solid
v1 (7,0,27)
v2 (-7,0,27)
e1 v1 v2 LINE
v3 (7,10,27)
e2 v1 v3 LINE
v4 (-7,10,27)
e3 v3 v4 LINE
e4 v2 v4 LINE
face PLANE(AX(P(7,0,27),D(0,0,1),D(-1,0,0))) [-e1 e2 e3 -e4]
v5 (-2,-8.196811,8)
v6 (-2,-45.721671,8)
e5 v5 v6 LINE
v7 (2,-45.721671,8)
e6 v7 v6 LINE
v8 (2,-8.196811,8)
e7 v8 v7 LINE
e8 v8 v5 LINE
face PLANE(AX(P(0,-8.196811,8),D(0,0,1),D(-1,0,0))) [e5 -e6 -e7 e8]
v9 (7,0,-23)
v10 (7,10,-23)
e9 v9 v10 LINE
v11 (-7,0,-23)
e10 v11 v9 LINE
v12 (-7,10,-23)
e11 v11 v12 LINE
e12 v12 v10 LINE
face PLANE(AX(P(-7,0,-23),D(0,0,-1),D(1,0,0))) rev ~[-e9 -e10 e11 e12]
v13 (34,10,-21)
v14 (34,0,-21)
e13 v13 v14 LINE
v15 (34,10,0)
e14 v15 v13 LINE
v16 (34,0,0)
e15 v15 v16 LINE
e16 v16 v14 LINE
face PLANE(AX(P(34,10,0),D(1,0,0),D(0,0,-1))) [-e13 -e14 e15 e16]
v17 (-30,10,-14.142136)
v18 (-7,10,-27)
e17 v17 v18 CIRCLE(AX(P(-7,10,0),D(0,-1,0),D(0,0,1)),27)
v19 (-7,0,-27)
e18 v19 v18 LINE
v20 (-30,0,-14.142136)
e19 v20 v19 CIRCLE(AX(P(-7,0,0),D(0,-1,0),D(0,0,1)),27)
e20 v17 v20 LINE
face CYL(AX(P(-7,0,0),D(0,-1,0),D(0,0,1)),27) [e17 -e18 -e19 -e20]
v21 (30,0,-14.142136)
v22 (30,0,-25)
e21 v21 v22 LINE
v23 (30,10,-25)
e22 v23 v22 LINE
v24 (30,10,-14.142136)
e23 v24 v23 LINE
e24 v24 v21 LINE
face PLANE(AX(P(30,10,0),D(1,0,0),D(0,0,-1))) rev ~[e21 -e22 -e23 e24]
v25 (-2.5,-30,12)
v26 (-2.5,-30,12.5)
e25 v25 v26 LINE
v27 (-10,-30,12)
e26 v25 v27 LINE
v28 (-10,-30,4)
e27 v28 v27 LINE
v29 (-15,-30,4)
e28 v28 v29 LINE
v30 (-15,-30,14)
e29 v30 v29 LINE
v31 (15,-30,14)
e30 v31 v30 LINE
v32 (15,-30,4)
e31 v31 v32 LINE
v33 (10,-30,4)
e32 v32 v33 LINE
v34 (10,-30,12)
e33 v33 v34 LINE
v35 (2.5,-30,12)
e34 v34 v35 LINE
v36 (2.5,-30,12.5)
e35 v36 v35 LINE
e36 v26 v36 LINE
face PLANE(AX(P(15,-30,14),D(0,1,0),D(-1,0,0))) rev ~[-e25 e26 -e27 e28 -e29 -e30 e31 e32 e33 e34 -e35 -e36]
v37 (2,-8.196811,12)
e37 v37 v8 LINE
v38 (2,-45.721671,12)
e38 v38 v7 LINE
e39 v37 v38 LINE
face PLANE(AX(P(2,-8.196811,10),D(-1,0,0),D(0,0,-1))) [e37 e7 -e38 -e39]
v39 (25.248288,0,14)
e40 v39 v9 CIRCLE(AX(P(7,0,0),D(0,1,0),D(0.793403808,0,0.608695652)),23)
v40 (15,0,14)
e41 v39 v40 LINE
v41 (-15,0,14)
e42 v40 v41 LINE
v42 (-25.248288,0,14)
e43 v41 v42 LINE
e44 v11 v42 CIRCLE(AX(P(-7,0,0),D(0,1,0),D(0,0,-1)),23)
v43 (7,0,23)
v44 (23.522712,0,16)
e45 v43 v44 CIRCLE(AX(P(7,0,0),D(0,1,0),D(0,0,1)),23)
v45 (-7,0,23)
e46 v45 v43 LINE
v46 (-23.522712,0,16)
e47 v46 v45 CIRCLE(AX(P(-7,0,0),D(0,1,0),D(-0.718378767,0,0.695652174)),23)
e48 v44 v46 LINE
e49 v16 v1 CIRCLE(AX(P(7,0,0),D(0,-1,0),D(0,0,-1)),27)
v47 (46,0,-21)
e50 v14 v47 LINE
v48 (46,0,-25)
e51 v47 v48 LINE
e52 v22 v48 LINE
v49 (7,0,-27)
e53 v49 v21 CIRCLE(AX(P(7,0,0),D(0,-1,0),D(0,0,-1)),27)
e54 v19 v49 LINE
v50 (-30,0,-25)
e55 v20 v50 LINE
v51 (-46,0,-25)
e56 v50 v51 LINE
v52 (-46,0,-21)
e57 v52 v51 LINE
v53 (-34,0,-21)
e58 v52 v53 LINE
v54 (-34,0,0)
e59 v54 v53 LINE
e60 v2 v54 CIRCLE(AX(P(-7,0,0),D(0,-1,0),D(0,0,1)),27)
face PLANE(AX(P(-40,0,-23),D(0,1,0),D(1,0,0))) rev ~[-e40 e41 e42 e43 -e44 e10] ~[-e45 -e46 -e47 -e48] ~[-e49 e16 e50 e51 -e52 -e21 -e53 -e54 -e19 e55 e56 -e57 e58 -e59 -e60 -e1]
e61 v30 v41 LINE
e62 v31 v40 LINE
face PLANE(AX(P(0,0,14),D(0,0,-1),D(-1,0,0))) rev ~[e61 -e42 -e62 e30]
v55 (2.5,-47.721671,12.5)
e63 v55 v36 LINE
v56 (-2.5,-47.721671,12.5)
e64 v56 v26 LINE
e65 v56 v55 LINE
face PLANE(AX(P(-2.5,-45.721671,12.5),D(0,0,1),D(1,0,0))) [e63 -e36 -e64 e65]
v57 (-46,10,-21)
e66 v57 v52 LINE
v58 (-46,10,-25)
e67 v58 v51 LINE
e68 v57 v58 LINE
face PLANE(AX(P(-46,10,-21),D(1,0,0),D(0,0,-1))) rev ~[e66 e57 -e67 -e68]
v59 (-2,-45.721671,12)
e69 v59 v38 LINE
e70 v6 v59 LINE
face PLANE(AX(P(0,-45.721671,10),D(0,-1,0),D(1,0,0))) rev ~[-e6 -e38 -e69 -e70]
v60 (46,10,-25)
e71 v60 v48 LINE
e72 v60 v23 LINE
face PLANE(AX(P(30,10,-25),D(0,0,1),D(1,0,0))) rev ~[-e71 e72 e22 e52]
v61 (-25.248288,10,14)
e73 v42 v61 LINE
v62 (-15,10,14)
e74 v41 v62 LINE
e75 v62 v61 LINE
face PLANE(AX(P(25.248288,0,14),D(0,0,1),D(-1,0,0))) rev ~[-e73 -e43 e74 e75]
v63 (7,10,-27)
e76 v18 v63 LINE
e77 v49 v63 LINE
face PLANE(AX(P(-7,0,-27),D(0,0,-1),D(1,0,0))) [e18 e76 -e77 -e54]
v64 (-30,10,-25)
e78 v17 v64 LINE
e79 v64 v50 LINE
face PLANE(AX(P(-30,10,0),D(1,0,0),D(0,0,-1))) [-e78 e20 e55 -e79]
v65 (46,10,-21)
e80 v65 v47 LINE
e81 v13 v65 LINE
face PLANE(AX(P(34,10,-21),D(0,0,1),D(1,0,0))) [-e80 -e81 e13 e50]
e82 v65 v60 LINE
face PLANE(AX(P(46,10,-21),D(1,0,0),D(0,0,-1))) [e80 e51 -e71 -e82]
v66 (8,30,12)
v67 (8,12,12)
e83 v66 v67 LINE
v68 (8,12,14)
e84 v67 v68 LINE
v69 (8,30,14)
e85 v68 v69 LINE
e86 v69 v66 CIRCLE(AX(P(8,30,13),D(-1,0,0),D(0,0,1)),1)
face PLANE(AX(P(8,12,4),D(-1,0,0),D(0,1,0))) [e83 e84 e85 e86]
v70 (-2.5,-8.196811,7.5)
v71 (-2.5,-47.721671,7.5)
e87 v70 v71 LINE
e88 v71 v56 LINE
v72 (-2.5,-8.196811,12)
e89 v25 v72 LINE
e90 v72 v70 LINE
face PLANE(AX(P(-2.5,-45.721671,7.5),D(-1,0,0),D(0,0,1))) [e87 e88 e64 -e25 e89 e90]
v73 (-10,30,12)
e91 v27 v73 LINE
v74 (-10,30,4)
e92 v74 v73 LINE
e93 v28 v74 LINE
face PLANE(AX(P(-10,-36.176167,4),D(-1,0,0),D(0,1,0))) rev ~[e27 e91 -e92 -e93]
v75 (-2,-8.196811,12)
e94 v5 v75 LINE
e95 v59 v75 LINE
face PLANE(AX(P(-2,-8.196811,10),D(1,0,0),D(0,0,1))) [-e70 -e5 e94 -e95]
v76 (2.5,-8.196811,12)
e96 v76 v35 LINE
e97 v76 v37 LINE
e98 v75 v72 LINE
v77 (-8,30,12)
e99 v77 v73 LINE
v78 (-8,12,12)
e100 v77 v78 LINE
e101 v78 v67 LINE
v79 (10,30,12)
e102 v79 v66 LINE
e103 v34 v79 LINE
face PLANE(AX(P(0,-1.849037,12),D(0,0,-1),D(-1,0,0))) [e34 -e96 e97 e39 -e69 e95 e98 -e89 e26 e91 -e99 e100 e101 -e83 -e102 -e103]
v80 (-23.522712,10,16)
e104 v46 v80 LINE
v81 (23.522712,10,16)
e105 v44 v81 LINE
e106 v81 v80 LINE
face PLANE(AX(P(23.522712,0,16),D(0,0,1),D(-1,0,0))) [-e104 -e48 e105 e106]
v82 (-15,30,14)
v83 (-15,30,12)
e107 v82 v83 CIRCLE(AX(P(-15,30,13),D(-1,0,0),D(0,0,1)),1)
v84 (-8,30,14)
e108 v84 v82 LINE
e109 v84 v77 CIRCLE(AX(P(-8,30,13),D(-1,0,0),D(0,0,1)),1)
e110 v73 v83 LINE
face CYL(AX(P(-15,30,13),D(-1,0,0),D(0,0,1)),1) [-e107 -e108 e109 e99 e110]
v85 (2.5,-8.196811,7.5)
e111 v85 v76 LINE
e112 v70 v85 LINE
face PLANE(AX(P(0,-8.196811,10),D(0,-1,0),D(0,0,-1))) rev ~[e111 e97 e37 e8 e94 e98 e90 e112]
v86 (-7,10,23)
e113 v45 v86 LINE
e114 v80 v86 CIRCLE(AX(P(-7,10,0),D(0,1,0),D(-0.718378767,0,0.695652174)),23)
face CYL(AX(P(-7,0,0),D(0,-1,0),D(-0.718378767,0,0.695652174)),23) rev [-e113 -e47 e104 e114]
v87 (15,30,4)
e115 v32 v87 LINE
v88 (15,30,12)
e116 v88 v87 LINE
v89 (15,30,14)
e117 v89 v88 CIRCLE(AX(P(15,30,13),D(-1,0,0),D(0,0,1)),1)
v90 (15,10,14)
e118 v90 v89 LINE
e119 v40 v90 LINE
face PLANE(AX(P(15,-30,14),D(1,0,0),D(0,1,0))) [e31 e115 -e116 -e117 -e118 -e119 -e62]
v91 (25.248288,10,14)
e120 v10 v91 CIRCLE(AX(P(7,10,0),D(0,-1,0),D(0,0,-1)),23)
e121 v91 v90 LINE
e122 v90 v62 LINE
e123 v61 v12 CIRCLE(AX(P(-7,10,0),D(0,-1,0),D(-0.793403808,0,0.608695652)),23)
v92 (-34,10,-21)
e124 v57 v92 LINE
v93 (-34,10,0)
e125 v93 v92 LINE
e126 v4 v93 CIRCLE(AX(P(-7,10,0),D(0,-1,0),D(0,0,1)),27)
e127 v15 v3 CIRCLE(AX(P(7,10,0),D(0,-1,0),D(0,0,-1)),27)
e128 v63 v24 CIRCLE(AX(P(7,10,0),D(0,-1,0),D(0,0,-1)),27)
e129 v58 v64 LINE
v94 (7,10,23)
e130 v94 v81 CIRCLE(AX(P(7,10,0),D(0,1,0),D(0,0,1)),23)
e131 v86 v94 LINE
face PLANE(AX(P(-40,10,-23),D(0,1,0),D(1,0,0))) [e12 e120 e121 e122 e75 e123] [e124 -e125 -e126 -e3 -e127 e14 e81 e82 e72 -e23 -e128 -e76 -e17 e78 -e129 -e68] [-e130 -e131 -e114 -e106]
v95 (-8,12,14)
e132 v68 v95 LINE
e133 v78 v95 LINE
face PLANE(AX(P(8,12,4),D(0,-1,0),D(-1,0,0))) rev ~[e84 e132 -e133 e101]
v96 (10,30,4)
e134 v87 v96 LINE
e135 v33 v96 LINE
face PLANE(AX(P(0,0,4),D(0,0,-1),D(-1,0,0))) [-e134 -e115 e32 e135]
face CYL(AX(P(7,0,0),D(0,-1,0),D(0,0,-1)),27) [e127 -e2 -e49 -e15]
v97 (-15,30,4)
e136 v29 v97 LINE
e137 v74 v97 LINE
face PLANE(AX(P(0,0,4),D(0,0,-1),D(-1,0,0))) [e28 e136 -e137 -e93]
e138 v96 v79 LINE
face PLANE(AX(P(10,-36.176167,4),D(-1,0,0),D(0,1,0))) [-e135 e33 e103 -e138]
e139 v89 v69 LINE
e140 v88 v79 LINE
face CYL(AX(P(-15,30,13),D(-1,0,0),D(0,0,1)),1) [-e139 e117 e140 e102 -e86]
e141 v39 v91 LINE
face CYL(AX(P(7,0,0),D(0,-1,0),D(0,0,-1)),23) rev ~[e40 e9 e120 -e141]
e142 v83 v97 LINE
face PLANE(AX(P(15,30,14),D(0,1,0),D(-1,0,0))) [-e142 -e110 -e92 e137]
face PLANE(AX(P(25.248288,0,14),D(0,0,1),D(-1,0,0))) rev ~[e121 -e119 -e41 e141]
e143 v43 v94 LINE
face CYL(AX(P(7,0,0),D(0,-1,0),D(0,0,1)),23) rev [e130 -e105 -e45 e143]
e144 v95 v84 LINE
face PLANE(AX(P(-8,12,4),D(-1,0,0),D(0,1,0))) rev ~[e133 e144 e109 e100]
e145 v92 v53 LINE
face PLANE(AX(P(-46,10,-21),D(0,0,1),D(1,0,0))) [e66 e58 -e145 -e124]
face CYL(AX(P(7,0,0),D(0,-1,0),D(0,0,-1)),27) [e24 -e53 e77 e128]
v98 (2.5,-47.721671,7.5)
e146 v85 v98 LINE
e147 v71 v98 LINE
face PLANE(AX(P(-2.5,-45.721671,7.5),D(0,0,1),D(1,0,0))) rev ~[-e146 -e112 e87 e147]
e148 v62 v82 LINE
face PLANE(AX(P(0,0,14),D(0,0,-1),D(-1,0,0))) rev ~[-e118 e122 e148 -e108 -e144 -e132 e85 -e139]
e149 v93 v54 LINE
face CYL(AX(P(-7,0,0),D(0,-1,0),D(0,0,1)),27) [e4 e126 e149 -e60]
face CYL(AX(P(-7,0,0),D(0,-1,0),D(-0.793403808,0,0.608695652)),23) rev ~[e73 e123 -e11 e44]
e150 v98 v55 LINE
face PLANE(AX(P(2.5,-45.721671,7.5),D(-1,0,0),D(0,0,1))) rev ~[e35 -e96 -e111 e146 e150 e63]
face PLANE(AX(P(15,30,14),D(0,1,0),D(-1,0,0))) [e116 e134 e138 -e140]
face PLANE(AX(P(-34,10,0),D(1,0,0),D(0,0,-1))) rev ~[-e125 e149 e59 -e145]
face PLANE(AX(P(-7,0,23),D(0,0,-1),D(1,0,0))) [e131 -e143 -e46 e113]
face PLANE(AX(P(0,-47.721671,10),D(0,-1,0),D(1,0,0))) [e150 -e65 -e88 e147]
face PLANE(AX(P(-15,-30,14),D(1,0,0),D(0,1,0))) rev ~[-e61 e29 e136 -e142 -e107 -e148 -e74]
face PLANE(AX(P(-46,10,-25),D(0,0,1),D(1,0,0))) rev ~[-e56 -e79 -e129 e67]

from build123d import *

# Parameters (mm, degrees)
EXTRUDE_1_DEPTH     = 10
SKETCH_3_W          = 30
SKETCH_3_H          = 60
EXTRUDE_2_DEPTH     = 10
SKETCH_7_R          = 1
EXTRUDE_4_DEPTH     = 30
SKETCH_6_W          = 16
SKETCH_6_H          = 49.282767792
CUT_EXTRUDE_2_DEPTH = 24
SKETCH_8_W          = 20
SKETCH_8_H          = 68.65426033
CUT_EXTRUDE_3_DEPTH = 8
SKETCH_10_W         = 4
SKETCH_10_H         = 4
SKETCH_16_W         = 5
SKETCH_16_H         = 5
EXTRUDE_5_DEPTH     = 2
SKETCH_17_W         = 4
SKETCH_17_H         = 25
EXTRUDE_6_DEPTH     = 10
SKETCH_18_W         = 12
SKETCH_18_H         = 4
EXTRUDE_7_DEPTH     = 10


with BuildPart() as part:
    # 草图2 → 凸台-拉伸1 (new body)
    with BuildSketch(Plane(origin=(0, 0, 0), x_dir=(1, 0, 0), z_dir=(0, 1, 0))):
        with BuildLine():
            Line((-7, 27), (7, 27))
            ThreePointArc((7, 27), (34, 0), (7, -27))
            Line((7, -27), (-7, -27))
            ThreePointArc((-7, -27), (-34, 0), (-7, 27))
        make_face()
        with BuildLine():
            Line((-7, 23), (7, 23))
            ThreePointArc((7, 23), (27.627651345, 10.173494975), (25.248287591, -14))
            Line((25.248287591, -14), (-25.248287591, -14))
            ThreePointArc((-25.248287591, -14), (-27.627651345, 10.173494975), (-7, 23))
        make_face(mode=Mode.SUBTRACT)
        with BuildLine():
            Line((-7, -23), (7, -23))
            ThreePointArc((7, -23), (15.972179222, -21.177818585), (23.522711642, -16))
            Line((23.522711642, -16), (-23.522711642, -16))
            ThreePointArc((-23.522711642, -16), (-15.972179222, -21.177818585), (-7, -23))
        make_face(mode=Mode.SUBTRACT)
    extrude(amount=EXTRUDE_1_DEPTH)

    # 草图3 → 凸台-拉伸2 (add)
    with BuildSketch(Plane(origin=(0, 0, 14), x_dir=(-1, 0, 0), z_dir=(0, 0, -1))):
        Rectangle(SKETCH_3_W, SKETCH_3_H)
    extrude(amount=EXTRUDE_2_DEPTH)

    # 草图7 → 凸台-拉伸4 (add)
    with BuildSketch(Plane.ZY.offset(15)):
        with Locations((13, 30)):
            Circle(SKETCH_7_R)
    extrude(amount=-EXTRUDE_4_DEPTH)

    # 草图6 → 切除-拉伸2 (cut, through all)
    with BuildSketch(Plane(origin=(0, 0, 4), x_dir=(-1, 0, 0), z_dir=(0, 0, -1))):
        with Locations((0, 36.641383896)):
            Rectangle(SKETCH_6_W, SKETCH_6_H)
    extrude(amount=-CUT_EXTRUDE_2_DEPTH, mode=Mode.SUBTRACT)

    # 草图8 → 切除-拉伸3 (cut)
    with BuildSketch(Plane(origin=(0, 0, 4), x_dir=(-1, 0, 0), z_dir=(0, 0, -1))):
        with Locations((0, -1.849037214)):
            Rectangle(SKETCH_8_W, SKETCH_8_H)
    extrude(amount=-CUT_EXTRUDE_3_DEPTH, mode=Mode.SUBTRACT)

    # 扫描2: sweep along a path in 草图12
    with BuildLine(Plane(origin=(0, 0, 12), x_dir=(-1, 0, 0), z_dir=(0, 0, -1))) as sweep_2_path:
        Line((-2.5, -8.196811454), (-2.5, -45.72167139))
    # 草图10 → 扫描2 (sweep)
    with BuildSketch(Plane.XZ.offset(30)):
        Polygon((-2.5, 12), (-2.5, 7.5), (2.5, 7.5), (2.5, 12), (2.5, 12.5), (-2.5, 12.5), align=None)
        with Locations((0, 10)):
            Rectangle(SKETCH_10_W, SKETCH_10_H, mode=Mode.SUBTRACT)
    sweep(path=sweep_2_path.line)

    # 草图16 → 凸台-拉伸5 (add)
    with BuildSketch(Plane.XZ.offset(45.72167139)):
        with Locations((0, 10)):
            Rectangle(SKETCH_16_W, SKETCH_16_H)
    extrude(amount=EXTRUDE_5_DEPTH)

    # 草图17 → 凸台-拉伸6 (add)
    with BuildSketch(Plane(origin=(0, 10, 0), x_dir=(1, 0, 0), z_dir=(0, 1, 0))):
        with Locations((-32, 12.5)):
            Rectangle(SKETCH_17_W, SKETCH_17_H)
        with Locations((32, 12.5)):
            Rectangle(SKETCH_17_W, SKETCH_17_H)
    extrude(amount=-EXTRUDE_6_DEPTH)

    # 草图18 → 凸台-拉伸7 (add)
    with BuildSketch(Plane(origin=(0, 10, 0), x_dir=(1, 0, 0), z_dir=(0, 1, 0))):
        with Locations((-40, 23)):
            Rectangle(SKETCH_18_W, SKETCH_18_H)
        with Locations((40, 23)):
            Rectangle(SKETCH_18_W, SKETCH_18_H)
    extrude(amount=-EXTRUDE_7_DEPTH)


solid = part.part
